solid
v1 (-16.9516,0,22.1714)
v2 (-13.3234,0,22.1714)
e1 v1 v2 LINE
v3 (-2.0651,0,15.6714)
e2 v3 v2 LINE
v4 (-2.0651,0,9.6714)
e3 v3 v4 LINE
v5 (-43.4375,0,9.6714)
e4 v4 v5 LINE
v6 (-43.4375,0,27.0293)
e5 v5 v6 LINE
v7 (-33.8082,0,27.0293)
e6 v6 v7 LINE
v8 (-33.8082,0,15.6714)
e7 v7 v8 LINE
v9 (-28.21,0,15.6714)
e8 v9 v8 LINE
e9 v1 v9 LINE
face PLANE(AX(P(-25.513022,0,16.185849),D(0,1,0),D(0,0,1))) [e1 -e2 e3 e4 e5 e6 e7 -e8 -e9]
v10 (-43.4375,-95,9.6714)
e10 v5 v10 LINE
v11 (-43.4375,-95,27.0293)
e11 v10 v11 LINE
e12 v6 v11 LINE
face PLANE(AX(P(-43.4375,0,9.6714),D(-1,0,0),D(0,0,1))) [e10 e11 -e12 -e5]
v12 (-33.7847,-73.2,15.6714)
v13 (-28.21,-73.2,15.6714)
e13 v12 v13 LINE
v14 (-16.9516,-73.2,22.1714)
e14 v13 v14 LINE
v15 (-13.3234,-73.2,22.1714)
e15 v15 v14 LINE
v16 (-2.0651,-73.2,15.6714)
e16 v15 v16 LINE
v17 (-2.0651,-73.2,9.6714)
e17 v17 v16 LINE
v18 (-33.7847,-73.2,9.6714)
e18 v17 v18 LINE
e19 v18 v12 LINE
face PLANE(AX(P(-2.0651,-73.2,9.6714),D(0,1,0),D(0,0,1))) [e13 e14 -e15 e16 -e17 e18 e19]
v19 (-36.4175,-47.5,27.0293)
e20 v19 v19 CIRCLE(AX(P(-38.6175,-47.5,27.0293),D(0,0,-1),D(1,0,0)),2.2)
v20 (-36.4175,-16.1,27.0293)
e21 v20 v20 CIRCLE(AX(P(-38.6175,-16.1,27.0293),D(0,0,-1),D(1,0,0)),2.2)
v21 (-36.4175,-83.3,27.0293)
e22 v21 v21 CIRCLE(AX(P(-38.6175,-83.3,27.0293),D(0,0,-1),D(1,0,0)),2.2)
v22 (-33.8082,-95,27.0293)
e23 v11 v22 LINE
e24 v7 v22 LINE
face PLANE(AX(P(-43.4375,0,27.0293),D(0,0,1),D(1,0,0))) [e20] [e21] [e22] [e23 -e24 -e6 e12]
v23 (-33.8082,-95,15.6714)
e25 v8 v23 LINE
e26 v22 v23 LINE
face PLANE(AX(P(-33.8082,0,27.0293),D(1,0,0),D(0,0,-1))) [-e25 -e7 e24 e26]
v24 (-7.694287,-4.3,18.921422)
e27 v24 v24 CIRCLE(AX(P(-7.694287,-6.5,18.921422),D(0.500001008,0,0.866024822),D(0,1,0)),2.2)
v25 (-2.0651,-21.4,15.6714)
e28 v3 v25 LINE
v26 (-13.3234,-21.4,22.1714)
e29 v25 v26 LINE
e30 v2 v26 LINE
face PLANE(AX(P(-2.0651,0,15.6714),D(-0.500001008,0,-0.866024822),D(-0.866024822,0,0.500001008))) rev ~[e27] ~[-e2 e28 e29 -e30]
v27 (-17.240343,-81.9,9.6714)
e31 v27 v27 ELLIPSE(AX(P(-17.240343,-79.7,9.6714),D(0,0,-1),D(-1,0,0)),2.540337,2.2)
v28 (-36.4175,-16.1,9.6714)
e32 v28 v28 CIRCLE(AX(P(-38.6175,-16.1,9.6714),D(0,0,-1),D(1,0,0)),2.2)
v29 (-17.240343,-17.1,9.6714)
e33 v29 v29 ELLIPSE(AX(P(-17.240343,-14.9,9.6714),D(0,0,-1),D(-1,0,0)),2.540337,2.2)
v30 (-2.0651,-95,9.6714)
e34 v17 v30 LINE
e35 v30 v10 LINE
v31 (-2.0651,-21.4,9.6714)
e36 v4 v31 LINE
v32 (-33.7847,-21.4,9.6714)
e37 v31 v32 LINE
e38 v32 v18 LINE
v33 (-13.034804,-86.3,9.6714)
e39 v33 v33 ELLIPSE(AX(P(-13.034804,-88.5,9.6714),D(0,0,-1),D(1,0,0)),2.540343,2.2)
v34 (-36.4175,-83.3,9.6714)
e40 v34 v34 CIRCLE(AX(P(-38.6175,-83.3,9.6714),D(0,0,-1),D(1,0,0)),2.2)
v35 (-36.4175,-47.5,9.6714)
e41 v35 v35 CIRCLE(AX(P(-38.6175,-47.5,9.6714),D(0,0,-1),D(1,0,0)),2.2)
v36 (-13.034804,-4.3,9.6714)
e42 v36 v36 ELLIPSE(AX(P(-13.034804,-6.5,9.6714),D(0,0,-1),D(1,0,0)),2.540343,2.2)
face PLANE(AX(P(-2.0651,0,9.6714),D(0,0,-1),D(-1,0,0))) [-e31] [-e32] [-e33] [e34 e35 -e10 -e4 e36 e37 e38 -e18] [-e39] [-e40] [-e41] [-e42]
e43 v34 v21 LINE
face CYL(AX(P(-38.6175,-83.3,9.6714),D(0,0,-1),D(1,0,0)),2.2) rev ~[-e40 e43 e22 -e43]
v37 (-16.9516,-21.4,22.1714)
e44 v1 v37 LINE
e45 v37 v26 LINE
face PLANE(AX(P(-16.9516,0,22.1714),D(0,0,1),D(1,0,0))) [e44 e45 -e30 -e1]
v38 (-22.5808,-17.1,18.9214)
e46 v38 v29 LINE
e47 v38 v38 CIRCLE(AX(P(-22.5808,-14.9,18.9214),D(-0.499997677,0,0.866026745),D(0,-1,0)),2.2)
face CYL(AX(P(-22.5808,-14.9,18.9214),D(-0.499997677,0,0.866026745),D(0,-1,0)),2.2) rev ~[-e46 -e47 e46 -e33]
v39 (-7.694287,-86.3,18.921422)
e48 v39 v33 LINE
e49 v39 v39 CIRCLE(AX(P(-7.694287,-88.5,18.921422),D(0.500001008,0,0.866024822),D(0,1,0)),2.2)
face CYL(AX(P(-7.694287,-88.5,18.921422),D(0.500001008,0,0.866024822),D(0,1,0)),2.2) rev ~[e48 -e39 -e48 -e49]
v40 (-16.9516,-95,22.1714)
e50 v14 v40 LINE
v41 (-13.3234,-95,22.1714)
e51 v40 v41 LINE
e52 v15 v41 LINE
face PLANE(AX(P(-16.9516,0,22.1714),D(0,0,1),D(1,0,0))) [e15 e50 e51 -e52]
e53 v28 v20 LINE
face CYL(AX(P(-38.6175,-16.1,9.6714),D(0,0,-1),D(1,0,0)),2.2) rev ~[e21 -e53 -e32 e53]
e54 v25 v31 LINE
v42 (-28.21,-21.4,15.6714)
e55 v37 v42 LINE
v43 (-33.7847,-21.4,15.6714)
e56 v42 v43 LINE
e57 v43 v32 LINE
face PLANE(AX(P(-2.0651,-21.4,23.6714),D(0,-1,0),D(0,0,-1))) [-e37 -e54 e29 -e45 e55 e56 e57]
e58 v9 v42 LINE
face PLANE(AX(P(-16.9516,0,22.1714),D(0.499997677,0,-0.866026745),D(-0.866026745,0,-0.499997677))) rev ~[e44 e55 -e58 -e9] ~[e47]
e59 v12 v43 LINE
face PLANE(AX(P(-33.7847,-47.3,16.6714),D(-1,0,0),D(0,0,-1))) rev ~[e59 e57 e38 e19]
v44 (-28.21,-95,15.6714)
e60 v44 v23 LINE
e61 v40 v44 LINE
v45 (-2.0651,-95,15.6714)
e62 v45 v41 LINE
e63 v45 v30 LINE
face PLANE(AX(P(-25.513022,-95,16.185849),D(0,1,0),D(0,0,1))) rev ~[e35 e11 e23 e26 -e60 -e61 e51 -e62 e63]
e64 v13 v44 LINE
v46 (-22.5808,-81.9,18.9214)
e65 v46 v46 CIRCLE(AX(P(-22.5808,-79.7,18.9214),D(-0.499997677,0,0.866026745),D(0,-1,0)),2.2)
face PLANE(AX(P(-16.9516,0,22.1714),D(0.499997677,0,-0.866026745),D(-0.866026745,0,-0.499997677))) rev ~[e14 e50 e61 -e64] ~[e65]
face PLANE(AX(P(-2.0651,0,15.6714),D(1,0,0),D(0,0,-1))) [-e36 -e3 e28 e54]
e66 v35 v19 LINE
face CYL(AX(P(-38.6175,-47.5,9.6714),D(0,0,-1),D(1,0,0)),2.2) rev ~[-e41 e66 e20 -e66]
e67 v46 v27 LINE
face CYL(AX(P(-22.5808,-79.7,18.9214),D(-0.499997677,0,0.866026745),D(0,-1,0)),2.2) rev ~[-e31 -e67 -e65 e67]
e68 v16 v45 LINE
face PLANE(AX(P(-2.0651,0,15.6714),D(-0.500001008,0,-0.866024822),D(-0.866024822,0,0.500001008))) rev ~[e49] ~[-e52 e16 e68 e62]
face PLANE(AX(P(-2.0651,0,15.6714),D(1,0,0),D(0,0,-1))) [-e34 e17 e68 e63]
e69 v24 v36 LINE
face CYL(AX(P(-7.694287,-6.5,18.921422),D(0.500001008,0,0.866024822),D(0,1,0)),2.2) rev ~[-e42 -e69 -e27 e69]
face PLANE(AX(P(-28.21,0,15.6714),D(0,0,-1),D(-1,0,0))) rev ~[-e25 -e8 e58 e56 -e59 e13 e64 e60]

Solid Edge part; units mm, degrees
sketch "Sketch1" plane through (0, 0, 0) normal (0, -1, 0) x (1, 0, 0)
  line L0 (-33.8082, 27.0293) -> (-33.8082, 15.6714)
  line L1 (-28.21, 15.6714) -> (-33.8082, 15.6714)
  line L2 (-16.9516, 22.1714) -> (-28.21, 15.6714)
  line L3 (-16.9516, 22.1714) -> (-13.3234, 22.1714)
  line L4 (-2.0651, 15.6714) -> (-13.3234, 22.1714)
  line L5 (-2.0651, 15.6714) -> (-2.0651, 9.6714)
  line L6 (-2.0651, 9.6714) -> (-43.4375, 9.6714)
  line L7 (-43.4375, 9.6714) -> (-43.4375, 27.0293)
  line L8 (-43.4375, 27.0293) -> (-33.8082, 27.0293)
  dimension "D1" = 6
extrude "ExtrudedProtrusion_1" add sketch "Sketch1" along normal blind 95
sketch "Sketch2" plane through (-22.7513, -47.5, 9.6714) normal (0, 0, -1) x (1, 0, 0)
  circle A0 centre (-15.8662, -31.4) radius 2.2
  circle A1 centre (-15.8662, 0) radius 2.2
  circle A2 centre (-15.8662, 35.8) radius 2.2
extrude "Cutout1" cut sketch "Sketch2" against normal blind 152.8035
sketch "Sketch3" plane through (-7.6943, -47.5, 18.9214) normal (0.5, 0, 0.866) x (0, 1, 0)
  circle A0 centre (41, 0) radius 2.2
  circle A1 centre (-41, 0) radius 2.2
  dimension "D1" = 6.5
  dimension "D2" = 6.5
  dimension "D3" = 6.5
extrude "ExtrudedCutout_2" cut sketch "Sketch3" against normal blind 455.9442
sketch "Sketch4" plane through (-22.5808, -47.5, 18.9214) normal (-0.5, 0, 0.866) x (0, -1, 0)
  circle A0 centre (32.2, 0) radius 2.2
  circle A1 centre (-32.6, 0) radius 2.2
  dimension "D1" = 4.4
  dimension "D2" = 4.4
  dimension "D3" = 6.5
  dimension "D4" = 4
  dimension "D5" = 4.4
extrude "ExtrudedCutout_3" cut sketch "Sketch4" against normal blind 76.0827
sketch "Sketch5" plane through (-2.0651, -47.5, 12.6714) normal (1, 0, 0) x (0, 1, 0)
  line L0 (-25.7, -3) -> (-25.7, 11)
  line L1 (-25.7, 11) -> (26.1, 11)
  line L2 (26.1, 11) -> (26.1, -3)
  line L3 (26.1, -3) -> (-25.7, -3)
  dimension "D1" = 4.3
  dimension "D2" = 4.3
  dimension "D3" = 14
extrude "ExtrudedCutout_4" cut sketch "Sketch5" against normal blind 31.7196
